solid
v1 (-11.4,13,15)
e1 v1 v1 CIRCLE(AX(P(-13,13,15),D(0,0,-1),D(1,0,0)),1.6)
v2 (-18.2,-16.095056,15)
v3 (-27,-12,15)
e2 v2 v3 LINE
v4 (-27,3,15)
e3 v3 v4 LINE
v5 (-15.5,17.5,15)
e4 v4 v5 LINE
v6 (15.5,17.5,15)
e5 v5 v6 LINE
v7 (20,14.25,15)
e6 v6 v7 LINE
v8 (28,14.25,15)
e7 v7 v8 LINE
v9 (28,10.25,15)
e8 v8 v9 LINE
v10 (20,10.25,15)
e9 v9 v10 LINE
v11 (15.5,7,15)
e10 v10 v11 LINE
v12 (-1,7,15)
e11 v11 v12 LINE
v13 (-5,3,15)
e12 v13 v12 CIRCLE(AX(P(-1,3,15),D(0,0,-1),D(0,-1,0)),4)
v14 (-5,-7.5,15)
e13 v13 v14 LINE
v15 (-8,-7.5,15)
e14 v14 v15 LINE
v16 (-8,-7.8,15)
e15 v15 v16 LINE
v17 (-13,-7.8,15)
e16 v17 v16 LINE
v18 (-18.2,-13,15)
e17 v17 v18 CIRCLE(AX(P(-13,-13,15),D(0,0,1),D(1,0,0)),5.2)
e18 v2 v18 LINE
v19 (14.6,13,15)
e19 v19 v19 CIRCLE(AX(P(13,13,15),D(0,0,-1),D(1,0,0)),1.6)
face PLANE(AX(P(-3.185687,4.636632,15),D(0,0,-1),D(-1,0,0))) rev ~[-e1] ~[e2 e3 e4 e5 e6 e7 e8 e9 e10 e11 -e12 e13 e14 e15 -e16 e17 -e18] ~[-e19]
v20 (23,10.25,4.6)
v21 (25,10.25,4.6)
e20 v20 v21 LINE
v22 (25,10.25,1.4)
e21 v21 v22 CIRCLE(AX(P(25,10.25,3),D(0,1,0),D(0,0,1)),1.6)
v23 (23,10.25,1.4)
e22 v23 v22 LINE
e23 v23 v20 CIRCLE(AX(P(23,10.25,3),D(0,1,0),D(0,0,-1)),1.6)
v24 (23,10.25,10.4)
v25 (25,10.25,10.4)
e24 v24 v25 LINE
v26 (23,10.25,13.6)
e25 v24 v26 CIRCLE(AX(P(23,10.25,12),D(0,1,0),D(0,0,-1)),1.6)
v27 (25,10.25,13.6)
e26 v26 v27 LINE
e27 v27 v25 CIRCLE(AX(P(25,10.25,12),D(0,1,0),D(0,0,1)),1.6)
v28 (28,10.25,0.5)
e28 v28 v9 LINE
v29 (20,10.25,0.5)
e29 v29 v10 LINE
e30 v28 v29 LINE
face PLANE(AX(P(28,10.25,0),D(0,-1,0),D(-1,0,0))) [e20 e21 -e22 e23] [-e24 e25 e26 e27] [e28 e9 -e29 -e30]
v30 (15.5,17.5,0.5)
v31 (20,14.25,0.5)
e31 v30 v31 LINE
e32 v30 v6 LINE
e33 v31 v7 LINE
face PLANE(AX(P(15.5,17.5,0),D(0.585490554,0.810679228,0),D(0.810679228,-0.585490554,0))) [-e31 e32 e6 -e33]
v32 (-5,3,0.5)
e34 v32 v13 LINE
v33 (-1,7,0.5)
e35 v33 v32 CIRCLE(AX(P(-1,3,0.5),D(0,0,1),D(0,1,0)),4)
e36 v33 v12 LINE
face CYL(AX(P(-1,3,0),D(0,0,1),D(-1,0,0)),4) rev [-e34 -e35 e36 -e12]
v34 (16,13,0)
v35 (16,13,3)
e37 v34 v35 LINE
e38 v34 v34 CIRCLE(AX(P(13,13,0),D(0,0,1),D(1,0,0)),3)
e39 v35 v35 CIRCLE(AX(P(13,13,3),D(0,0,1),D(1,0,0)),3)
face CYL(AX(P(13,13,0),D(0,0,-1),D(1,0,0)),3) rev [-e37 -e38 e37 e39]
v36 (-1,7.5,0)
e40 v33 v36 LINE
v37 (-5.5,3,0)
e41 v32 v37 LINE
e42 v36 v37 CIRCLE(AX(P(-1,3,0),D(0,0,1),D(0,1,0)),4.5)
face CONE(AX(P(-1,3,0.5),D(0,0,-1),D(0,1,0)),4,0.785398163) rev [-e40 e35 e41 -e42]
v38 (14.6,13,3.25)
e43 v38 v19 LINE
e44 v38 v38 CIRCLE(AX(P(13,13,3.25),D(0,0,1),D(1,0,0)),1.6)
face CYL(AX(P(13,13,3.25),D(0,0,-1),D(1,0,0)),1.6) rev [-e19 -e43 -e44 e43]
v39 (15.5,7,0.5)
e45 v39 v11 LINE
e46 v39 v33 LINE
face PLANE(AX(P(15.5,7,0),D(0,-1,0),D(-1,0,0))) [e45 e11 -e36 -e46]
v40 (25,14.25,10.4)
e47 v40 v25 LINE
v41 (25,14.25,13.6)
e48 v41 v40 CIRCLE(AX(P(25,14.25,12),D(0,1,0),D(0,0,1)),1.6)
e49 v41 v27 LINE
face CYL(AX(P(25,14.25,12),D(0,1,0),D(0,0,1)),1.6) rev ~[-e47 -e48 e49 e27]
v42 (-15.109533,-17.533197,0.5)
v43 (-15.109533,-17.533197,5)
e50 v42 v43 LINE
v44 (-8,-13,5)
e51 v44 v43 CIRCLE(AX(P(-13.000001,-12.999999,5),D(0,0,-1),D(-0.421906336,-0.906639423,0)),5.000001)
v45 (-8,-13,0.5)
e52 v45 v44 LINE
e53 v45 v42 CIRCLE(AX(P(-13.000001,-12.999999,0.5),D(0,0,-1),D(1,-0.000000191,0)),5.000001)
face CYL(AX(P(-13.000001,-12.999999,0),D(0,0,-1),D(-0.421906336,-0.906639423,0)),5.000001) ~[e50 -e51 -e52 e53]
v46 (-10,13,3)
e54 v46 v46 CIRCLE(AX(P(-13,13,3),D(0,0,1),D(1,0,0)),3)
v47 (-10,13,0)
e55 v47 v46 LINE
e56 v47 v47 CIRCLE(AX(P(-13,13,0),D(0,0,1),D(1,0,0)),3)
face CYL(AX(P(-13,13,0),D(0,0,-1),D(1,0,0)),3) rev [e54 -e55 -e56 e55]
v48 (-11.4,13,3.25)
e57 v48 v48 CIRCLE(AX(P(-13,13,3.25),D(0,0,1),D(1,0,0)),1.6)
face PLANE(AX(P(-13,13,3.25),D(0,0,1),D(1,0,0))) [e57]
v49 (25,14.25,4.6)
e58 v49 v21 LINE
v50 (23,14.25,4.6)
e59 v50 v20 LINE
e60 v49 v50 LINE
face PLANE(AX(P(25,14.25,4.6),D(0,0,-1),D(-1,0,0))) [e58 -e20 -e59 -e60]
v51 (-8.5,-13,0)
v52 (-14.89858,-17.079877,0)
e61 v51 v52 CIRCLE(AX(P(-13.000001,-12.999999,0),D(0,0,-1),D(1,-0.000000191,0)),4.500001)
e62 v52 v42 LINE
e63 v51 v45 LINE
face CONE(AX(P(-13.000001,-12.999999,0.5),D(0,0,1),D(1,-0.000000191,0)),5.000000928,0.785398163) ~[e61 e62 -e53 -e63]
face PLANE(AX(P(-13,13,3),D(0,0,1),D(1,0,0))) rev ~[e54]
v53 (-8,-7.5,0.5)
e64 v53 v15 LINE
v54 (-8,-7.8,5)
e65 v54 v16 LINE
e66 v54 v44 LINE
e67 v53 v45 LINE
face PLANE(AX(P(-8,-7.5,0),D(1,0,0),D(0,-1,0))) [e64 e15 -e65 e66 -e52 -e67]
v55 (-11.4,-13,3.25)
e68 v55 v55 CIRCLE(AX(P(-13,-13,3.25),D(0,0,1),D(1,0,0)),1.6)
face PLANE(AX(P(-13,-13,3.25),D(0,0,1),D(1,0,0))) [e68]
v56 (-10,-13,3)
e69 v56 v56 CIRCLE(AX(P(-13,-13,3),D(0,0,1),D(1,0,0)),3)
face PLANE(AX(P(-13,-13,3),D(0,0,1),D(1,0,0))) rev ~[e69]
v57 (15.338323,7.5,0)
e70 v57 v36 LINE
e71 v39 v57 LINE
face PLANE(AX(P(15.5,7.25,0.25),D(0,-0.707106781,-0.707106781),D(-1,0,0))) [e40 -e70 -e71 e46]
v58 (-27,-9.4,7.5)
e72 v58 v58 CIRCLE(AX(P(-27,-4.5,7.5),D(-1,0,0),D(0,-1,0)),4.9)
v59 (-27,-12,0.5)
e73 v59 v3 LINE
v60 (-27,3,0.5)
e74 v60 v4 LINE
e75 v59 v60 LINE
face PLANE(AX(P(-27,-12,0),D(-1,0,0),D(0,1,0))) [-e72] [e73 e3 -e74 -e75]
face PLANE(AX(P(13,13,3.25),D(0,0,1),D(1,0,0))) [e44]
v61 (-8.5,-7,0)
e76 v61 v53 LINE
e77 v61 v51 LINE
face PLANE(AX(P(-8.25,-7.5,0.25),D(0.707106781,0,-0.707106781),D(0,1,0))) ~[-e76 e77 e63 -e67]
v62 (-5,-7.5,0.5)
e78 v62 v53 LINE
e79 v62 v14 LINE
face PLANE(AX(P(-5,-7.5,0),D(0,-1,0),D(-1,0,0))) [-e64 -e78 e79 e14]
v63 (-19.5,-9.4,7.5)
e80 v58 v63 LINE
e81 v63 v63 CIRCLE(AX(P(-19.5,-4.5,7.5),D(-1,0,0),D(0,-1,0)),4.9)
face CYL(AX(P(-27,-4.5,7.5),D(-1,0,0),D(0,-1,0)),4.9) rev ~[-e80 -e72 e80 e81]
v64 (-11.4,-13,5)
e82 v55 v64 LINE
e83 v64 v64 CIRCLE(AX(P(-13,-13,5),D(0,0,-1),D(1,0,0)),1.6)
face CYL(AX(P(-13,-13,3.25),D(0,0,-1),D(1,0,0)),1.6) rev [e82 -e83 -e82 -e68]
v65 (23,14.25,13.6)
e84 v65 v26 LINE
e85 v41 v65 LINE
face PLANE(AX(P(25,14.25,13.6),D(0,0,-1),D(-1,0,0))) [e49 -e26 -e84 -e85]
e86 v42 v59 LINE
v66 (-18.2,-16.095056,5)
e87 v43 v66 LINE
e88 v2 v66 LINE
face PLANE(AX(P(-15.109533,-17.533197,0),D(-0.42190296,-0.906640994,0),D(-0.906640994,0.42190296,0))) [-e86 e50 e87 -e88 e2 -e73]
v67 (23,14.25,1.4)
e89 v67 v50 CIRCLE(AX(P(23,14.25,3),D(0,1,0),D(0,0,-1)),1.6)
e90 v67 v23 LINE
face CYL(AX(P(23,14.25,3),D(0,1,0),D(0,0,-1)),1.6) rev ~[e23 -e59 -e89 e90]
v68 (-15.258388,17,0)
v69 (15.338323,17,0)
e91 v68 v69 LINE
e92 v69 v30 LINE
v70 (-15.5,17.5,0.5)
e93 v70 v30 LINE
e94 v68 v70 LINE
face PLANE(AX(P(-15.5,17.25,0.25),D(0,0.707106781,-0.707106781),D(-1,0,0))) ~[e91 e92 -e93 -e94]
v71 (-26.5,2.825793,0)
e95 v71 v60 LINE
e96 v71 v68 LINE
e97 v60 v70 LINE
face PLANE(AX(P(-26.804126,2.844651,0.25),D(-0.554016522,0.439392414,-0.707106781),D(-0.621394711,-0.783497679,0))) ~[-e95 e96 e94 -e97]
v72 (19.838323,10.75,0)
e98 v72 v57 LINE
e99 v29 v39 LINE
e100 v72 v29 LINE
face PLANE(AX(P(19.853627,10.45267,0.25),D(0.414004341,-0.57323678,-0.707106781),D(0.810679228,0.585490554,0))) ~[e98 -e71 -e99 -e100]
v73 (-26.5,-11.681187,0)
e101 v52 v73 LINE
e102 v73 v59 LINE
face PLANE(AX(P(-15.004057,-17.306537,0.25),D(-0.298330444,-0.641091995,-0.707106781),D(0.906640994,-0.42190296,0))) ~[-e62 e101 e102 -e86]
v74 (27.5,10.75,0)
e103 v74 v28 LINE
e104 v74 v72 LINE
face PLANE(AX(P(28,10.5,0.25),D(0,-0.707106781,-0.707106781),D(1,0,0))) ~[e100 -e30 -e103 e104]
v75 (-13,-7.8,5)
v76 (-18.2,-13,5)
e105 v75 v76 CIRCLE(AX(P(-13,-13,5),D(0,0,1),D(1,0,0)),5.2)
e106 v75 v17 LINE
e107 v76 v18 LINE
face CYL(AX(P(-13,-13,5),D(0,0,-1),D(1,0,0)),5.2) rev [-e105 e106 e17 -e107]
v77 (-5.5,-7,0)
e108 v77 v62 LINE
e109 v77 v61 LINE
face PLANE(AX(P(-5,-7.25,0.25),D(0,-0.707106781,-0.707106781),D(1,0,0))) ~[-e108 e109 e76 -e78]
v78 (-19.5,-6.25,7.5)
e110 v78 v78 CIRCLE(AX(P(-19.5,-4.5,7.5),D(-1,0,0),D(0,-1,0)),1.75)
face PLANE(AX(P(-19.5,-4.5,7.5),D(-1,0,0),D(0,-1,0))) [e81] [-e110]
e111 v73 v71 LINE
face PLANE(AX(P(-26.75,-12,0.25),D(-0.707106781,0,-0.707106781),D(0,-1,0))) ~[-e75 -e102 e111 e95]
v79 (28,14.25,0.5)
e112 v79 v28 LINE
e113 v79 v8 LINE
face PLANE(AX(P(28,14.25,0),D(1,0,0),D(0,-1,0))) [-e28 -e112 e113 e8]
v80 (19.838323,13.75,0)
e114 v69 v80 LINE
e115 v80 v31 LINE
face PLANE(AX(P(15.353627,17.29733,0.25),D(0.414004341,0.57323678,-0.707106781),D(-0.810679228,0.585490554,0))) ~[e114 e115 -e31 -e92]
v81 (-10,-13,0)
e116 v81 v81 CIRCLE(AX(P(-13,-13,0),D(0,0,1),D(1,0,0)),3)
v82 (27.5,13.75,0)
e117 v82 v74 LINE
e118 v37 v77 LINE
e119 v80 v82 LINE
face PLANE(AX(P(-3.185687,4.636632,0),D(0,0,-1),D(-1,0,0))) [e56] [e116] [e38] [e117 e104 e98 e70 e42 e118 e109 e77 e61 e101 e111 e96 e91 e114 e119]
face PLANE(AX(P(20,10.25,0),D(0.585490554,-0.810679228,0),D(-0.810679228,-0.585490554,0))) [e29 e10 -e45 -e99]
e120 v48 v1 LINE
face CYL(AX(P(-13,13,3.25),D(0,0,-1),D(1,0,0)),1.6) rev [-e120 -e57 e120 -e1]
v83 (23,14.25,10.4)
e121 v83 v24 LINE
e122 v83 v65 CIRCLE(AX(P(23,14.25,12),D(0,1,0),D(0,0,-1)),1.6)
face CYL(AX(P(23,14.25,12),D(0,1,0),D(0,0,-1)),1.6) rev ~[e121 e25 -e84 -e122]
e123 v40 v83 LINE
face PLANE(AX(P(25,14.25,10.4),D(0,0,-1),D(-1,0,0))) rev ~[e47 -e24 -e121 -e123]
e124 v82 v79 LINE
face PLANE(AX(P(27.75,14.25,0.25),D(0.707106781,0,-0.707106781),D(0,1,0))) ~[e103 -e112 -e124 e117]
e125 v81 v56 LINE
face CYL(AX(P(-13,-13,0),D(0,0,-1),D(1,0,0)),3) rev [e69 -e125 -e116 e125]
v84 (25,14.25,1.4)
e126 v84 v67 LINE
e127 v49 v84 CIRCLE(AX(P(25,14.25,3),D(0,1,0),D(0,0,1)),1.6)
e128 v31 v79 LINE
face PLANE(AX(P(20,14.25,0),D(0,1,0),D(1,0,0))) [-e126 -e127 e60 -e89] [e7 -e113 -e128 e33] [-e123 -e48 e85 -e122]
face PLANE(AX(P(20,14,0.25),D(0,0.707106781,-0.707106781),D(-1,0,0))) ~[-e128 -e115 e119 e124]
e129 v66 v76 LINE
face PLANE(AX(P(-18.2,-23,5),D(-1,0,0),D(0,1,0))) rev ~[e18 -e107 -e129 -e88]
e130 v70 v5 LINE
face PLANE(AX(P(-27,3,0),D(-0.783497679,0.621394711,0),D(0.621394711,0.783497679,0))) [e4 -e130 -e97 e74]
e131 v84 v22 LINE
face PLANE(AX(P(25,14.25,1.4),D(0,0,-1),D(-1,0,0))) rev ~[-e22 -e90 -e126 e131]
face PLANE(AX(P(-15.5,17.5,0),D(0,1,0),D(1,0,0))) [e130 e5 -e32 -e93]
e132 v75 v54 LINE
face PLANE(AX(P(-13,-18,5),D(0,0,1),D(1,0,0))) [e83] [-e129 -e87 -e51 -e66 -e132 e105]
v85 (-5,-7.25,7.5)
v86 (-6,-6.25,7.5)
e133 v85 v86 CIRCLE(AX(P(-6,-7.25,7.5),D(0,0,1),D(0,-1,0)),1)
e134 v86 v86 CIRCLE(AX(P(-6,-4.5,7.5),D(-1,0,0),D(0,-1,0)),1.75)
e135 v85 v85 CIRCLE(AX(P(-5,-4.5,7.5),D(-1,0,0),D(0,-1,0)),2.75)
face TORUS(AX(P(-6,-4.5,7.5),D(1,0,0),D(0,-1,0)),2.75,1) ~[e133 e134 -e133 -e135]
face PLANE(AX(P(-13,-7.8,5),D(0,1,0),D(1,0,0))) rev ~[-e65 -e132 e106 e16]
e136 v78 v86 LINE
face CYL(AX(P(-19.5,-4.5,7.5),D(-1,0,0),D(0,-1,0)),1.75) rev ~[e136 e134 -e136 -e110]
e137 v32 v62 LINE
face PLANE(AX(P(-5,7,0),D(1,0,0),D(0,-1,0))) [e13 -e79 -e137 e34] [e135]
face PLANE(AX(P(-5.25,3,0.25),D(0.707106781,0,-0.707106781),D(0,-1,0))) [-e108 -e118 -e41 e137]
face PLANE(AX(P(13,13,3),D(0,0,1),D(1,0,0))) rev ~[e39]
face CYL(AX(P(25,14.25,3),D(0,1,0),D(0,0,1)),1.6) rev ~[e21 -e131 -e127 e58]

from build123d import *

# Parameters (mm, degrees)
BOX_W           = 10.4
BOX_H           = 10.4
BOX_DEPTH       = 10
CYLINDER_R      = 5.2
CYLINDER_DEPTH  = 10
BOX001_W        = 10.4
BOX001_H        = 10
BOX001_DEPTH    = 10
SKETCH001_R     = 1.6
PAD_DEPTH       = 20
SKETCH_R        = 3
PAD001_DEPTH    = 3
PAD002_DEPTH    = 15
SKETCH003_R     = 4.9
POCKET_DEPTH    = 7.5
SKETCH004_R     = 1.75
POCKET001_DEPTH = 47.501
POCKET002_DEPTH = 5
FILLET_R        = 4
FILLET001_R     = 1
CHAMFER_SIZE    = 0.5


with BuildPart() as cube:
    # Box → Box (new body)
    with BuildSketch(Plane(origin=(-13, -18.2, 5), x_dir=(1, 0, 0), z_dir=(0, 0, 1))):
        with Locations((5.2, 5.2)):
            Rectangle(BOX_W, BOX_H)
    extrude(amount=BOX_DEPTH)


with BuildPart() as cylinder:
    # Cylinder → Cylinder (new body)
    with BuildSketch(Plane(origin=(-13, -13, 5), x_dir=(1, 0, 0), z_dir=(0, 0, 1))):
        Circle(CYLINDER_R)
    extrude(amount=CYLINDER_DEPTH)


with BuildPart() as bisagra:
    # Box001 → Box001 (new body)
    with BuildSketch(Plane(origin=(-18.2, -23, 5), x_dir=(1, 0, 0), z_dir=(0, 0, 1))):
        with Locations((5.2, 5)):
            Rectangle(BOX001_W, BOX001_H)
    extrude(amount=BOX001_DEPTH)

    # Fusion001: union Cube, Cylinder
    add(cube.part)
    add(cylinder.part)


with BuildPart() as cuerpo_tornillos:
    # Sketch001 → Pad (new body)
    with BuildSketch(Plane.XY.offset(3.25)):
        with Locations((-13, 13)):
            Circle(SKETCH001_R)
        with Locations((13, 13)):
            Circle(SKETCH001_R)
        with Locations((-13, -13)):
            Circle(SKETCH001_R)
    extrude(amount=PAD_DEPTH)


with BuildPart() as tornillos:
    # Sketch → Pad001 (new body)
    with BuildSketch(Plane.XY):
        with Locations((-13, 13)):
            Circle(SKETCH_R)
        with Locations((13, 13)):
            Circle(SKETCH_R)
        with Locations((-13, -13)):
            Circle(SKETCH_R)
    extrude(amount=PAD001_DEPTH)

    # Fusion: union cuerpo_tornillos
    add(cuerpo_tornillos.part)


with BuildPart() as chamfer_body:
    # Sketch002 → Pad002 (new body)
    with BuildSketch(Plane.XY):
        with BuildLine():
            Line((-15.109533, -17.533197), (-27, -12))
            Line((-27, -12), (-27, 3))
            Line((-27, 3), (-15.5, 17.5))
            Line((-15.5, 17.5), (15.5, 17.5))
            Line((15.5, 17.5), (20, 14.25))
            Line((20, 14.25), (28, 14.25))
            Line((28, 14.25), (28, 10.25))
            Line((28, 10.25), (20, 10.25))
            Line((20, 10.25), (15.5, 7))
            Line((15.5, 7), (-5, 7))
            Line((-5, 7), (-5, -7.5))
            Line((-5, -7.5), (-8, -7.5))
            Line((-8, -7.5), (-8, -13))
            ThreePointArc((-15.109533, -17.533197), (-10.311847, -17.215902), (-8, -13))
        make_face()
    extrude(amount=PAD002_DEPTH)

    # Sketch003 → Pocket (cut)
    with BuildSketch(Plane(origin=(-27, 0, 0), x_dir=(0, -1, 0), z_dir=(-1, 0, 0))):
        with Locations((4.5, 7.5)):
            Circle(SKETCH003_R)
    extrude(amount=-POCKET_DEPTH, mode=Mode.SUBTRACT)

    # Sketch004 → Pocket001 (cut, through all)
    with BuildSketch(Plane(origin=(-19.5, 0, 0), x_dir=(0, -1, 0), z_dir=(-1, 0, 0))):
        with Locations((4.5, 7.5)):
            Circle(SKETCH004_R)
    extrude(amount=-POCKET001_DEPTH, mode=Mode.SUBTRACT)

    # Sketch005 → Pocket002 (cut)
    with BuildSketch(Plane(origin=(0, 14.25, 0), x_dir=(-1, 0, 0), z_dir=(0, 1, 0))):
        with BuildLine():
            ThreePointArc((-25, 13.6), (-26.6, 12), (-25, 10.4))
            Line((-25, 10.4), (-23, 10.4))
            ThreePointArc((-23, 10.4), (-21.4, 12), (-23, 13.6))
            Line((-25, 13.6), (-23, 13.6))
        make_face()
        with BuildLine():
            ThreePointArc((-25, 4.6), (-26.6, 3), (-25, 1.4))
            Line((-25, 1.4), (-23, 1.4))
            ThreePointArc((-23, 1.4), (-21.4, 3), (-23, 4.6))
            Line((-25, 4.6), (-23, 4.6))
        make_face()
    extrude(amount=-POCKET002_DEPTH, mode=Mode.SUBTRACT)

    # Cut: cut tornillos
    add(tornillos.part, mode=Mode.SUBTRACT)

    # Cut001: cut bisagra
    add(bisagra.part, mode=Mode.SUBTRACT)

    # Fillet
    fillet_edges = [chamfer_body.edges().sort_by_distance(p)[0] for p in [
        (-5, 7, 7.5),
    ]]
    fillet(fillet_edges, radius=FILLET_R)

    # Fillet001
    fillet001_edges = [chamfer_body.edges().sort_by_distance(p)[0] for p in [
        (-5, -2.75, 7.5),
    ]]
    fillet(fillet001_edges, radius=FILLET001_R)

    # Chamfer
    chamfer_edges = [chamfer_body.edges().sort_by_distance(p)[0] for p in [
        (0, 17.5, 0),
        (-21.25, 10.25, 0),
        (-27, -4.5, 0),
        (-21.054766, -14.766598, 0),
        (-10.311847, -17.215902, 0),
        (-8, -10.25, 0),
        (-6.5, -7.5, 0),
        (-5, -2.25, 0),
        (-3.828427, 5.828427, 0),
        (7.25, 7, 0),
        (17.75, 8.625, 0),
        (24, 10.25, 0),
        (28, 12.25, 0),
        (24, 14.25, 0),
        (17.75, 15.875, 0),
    ]]
    chamfer(chamfer_edges, length=CHAMFER_SIZE)


solid = chamfer_body.part
